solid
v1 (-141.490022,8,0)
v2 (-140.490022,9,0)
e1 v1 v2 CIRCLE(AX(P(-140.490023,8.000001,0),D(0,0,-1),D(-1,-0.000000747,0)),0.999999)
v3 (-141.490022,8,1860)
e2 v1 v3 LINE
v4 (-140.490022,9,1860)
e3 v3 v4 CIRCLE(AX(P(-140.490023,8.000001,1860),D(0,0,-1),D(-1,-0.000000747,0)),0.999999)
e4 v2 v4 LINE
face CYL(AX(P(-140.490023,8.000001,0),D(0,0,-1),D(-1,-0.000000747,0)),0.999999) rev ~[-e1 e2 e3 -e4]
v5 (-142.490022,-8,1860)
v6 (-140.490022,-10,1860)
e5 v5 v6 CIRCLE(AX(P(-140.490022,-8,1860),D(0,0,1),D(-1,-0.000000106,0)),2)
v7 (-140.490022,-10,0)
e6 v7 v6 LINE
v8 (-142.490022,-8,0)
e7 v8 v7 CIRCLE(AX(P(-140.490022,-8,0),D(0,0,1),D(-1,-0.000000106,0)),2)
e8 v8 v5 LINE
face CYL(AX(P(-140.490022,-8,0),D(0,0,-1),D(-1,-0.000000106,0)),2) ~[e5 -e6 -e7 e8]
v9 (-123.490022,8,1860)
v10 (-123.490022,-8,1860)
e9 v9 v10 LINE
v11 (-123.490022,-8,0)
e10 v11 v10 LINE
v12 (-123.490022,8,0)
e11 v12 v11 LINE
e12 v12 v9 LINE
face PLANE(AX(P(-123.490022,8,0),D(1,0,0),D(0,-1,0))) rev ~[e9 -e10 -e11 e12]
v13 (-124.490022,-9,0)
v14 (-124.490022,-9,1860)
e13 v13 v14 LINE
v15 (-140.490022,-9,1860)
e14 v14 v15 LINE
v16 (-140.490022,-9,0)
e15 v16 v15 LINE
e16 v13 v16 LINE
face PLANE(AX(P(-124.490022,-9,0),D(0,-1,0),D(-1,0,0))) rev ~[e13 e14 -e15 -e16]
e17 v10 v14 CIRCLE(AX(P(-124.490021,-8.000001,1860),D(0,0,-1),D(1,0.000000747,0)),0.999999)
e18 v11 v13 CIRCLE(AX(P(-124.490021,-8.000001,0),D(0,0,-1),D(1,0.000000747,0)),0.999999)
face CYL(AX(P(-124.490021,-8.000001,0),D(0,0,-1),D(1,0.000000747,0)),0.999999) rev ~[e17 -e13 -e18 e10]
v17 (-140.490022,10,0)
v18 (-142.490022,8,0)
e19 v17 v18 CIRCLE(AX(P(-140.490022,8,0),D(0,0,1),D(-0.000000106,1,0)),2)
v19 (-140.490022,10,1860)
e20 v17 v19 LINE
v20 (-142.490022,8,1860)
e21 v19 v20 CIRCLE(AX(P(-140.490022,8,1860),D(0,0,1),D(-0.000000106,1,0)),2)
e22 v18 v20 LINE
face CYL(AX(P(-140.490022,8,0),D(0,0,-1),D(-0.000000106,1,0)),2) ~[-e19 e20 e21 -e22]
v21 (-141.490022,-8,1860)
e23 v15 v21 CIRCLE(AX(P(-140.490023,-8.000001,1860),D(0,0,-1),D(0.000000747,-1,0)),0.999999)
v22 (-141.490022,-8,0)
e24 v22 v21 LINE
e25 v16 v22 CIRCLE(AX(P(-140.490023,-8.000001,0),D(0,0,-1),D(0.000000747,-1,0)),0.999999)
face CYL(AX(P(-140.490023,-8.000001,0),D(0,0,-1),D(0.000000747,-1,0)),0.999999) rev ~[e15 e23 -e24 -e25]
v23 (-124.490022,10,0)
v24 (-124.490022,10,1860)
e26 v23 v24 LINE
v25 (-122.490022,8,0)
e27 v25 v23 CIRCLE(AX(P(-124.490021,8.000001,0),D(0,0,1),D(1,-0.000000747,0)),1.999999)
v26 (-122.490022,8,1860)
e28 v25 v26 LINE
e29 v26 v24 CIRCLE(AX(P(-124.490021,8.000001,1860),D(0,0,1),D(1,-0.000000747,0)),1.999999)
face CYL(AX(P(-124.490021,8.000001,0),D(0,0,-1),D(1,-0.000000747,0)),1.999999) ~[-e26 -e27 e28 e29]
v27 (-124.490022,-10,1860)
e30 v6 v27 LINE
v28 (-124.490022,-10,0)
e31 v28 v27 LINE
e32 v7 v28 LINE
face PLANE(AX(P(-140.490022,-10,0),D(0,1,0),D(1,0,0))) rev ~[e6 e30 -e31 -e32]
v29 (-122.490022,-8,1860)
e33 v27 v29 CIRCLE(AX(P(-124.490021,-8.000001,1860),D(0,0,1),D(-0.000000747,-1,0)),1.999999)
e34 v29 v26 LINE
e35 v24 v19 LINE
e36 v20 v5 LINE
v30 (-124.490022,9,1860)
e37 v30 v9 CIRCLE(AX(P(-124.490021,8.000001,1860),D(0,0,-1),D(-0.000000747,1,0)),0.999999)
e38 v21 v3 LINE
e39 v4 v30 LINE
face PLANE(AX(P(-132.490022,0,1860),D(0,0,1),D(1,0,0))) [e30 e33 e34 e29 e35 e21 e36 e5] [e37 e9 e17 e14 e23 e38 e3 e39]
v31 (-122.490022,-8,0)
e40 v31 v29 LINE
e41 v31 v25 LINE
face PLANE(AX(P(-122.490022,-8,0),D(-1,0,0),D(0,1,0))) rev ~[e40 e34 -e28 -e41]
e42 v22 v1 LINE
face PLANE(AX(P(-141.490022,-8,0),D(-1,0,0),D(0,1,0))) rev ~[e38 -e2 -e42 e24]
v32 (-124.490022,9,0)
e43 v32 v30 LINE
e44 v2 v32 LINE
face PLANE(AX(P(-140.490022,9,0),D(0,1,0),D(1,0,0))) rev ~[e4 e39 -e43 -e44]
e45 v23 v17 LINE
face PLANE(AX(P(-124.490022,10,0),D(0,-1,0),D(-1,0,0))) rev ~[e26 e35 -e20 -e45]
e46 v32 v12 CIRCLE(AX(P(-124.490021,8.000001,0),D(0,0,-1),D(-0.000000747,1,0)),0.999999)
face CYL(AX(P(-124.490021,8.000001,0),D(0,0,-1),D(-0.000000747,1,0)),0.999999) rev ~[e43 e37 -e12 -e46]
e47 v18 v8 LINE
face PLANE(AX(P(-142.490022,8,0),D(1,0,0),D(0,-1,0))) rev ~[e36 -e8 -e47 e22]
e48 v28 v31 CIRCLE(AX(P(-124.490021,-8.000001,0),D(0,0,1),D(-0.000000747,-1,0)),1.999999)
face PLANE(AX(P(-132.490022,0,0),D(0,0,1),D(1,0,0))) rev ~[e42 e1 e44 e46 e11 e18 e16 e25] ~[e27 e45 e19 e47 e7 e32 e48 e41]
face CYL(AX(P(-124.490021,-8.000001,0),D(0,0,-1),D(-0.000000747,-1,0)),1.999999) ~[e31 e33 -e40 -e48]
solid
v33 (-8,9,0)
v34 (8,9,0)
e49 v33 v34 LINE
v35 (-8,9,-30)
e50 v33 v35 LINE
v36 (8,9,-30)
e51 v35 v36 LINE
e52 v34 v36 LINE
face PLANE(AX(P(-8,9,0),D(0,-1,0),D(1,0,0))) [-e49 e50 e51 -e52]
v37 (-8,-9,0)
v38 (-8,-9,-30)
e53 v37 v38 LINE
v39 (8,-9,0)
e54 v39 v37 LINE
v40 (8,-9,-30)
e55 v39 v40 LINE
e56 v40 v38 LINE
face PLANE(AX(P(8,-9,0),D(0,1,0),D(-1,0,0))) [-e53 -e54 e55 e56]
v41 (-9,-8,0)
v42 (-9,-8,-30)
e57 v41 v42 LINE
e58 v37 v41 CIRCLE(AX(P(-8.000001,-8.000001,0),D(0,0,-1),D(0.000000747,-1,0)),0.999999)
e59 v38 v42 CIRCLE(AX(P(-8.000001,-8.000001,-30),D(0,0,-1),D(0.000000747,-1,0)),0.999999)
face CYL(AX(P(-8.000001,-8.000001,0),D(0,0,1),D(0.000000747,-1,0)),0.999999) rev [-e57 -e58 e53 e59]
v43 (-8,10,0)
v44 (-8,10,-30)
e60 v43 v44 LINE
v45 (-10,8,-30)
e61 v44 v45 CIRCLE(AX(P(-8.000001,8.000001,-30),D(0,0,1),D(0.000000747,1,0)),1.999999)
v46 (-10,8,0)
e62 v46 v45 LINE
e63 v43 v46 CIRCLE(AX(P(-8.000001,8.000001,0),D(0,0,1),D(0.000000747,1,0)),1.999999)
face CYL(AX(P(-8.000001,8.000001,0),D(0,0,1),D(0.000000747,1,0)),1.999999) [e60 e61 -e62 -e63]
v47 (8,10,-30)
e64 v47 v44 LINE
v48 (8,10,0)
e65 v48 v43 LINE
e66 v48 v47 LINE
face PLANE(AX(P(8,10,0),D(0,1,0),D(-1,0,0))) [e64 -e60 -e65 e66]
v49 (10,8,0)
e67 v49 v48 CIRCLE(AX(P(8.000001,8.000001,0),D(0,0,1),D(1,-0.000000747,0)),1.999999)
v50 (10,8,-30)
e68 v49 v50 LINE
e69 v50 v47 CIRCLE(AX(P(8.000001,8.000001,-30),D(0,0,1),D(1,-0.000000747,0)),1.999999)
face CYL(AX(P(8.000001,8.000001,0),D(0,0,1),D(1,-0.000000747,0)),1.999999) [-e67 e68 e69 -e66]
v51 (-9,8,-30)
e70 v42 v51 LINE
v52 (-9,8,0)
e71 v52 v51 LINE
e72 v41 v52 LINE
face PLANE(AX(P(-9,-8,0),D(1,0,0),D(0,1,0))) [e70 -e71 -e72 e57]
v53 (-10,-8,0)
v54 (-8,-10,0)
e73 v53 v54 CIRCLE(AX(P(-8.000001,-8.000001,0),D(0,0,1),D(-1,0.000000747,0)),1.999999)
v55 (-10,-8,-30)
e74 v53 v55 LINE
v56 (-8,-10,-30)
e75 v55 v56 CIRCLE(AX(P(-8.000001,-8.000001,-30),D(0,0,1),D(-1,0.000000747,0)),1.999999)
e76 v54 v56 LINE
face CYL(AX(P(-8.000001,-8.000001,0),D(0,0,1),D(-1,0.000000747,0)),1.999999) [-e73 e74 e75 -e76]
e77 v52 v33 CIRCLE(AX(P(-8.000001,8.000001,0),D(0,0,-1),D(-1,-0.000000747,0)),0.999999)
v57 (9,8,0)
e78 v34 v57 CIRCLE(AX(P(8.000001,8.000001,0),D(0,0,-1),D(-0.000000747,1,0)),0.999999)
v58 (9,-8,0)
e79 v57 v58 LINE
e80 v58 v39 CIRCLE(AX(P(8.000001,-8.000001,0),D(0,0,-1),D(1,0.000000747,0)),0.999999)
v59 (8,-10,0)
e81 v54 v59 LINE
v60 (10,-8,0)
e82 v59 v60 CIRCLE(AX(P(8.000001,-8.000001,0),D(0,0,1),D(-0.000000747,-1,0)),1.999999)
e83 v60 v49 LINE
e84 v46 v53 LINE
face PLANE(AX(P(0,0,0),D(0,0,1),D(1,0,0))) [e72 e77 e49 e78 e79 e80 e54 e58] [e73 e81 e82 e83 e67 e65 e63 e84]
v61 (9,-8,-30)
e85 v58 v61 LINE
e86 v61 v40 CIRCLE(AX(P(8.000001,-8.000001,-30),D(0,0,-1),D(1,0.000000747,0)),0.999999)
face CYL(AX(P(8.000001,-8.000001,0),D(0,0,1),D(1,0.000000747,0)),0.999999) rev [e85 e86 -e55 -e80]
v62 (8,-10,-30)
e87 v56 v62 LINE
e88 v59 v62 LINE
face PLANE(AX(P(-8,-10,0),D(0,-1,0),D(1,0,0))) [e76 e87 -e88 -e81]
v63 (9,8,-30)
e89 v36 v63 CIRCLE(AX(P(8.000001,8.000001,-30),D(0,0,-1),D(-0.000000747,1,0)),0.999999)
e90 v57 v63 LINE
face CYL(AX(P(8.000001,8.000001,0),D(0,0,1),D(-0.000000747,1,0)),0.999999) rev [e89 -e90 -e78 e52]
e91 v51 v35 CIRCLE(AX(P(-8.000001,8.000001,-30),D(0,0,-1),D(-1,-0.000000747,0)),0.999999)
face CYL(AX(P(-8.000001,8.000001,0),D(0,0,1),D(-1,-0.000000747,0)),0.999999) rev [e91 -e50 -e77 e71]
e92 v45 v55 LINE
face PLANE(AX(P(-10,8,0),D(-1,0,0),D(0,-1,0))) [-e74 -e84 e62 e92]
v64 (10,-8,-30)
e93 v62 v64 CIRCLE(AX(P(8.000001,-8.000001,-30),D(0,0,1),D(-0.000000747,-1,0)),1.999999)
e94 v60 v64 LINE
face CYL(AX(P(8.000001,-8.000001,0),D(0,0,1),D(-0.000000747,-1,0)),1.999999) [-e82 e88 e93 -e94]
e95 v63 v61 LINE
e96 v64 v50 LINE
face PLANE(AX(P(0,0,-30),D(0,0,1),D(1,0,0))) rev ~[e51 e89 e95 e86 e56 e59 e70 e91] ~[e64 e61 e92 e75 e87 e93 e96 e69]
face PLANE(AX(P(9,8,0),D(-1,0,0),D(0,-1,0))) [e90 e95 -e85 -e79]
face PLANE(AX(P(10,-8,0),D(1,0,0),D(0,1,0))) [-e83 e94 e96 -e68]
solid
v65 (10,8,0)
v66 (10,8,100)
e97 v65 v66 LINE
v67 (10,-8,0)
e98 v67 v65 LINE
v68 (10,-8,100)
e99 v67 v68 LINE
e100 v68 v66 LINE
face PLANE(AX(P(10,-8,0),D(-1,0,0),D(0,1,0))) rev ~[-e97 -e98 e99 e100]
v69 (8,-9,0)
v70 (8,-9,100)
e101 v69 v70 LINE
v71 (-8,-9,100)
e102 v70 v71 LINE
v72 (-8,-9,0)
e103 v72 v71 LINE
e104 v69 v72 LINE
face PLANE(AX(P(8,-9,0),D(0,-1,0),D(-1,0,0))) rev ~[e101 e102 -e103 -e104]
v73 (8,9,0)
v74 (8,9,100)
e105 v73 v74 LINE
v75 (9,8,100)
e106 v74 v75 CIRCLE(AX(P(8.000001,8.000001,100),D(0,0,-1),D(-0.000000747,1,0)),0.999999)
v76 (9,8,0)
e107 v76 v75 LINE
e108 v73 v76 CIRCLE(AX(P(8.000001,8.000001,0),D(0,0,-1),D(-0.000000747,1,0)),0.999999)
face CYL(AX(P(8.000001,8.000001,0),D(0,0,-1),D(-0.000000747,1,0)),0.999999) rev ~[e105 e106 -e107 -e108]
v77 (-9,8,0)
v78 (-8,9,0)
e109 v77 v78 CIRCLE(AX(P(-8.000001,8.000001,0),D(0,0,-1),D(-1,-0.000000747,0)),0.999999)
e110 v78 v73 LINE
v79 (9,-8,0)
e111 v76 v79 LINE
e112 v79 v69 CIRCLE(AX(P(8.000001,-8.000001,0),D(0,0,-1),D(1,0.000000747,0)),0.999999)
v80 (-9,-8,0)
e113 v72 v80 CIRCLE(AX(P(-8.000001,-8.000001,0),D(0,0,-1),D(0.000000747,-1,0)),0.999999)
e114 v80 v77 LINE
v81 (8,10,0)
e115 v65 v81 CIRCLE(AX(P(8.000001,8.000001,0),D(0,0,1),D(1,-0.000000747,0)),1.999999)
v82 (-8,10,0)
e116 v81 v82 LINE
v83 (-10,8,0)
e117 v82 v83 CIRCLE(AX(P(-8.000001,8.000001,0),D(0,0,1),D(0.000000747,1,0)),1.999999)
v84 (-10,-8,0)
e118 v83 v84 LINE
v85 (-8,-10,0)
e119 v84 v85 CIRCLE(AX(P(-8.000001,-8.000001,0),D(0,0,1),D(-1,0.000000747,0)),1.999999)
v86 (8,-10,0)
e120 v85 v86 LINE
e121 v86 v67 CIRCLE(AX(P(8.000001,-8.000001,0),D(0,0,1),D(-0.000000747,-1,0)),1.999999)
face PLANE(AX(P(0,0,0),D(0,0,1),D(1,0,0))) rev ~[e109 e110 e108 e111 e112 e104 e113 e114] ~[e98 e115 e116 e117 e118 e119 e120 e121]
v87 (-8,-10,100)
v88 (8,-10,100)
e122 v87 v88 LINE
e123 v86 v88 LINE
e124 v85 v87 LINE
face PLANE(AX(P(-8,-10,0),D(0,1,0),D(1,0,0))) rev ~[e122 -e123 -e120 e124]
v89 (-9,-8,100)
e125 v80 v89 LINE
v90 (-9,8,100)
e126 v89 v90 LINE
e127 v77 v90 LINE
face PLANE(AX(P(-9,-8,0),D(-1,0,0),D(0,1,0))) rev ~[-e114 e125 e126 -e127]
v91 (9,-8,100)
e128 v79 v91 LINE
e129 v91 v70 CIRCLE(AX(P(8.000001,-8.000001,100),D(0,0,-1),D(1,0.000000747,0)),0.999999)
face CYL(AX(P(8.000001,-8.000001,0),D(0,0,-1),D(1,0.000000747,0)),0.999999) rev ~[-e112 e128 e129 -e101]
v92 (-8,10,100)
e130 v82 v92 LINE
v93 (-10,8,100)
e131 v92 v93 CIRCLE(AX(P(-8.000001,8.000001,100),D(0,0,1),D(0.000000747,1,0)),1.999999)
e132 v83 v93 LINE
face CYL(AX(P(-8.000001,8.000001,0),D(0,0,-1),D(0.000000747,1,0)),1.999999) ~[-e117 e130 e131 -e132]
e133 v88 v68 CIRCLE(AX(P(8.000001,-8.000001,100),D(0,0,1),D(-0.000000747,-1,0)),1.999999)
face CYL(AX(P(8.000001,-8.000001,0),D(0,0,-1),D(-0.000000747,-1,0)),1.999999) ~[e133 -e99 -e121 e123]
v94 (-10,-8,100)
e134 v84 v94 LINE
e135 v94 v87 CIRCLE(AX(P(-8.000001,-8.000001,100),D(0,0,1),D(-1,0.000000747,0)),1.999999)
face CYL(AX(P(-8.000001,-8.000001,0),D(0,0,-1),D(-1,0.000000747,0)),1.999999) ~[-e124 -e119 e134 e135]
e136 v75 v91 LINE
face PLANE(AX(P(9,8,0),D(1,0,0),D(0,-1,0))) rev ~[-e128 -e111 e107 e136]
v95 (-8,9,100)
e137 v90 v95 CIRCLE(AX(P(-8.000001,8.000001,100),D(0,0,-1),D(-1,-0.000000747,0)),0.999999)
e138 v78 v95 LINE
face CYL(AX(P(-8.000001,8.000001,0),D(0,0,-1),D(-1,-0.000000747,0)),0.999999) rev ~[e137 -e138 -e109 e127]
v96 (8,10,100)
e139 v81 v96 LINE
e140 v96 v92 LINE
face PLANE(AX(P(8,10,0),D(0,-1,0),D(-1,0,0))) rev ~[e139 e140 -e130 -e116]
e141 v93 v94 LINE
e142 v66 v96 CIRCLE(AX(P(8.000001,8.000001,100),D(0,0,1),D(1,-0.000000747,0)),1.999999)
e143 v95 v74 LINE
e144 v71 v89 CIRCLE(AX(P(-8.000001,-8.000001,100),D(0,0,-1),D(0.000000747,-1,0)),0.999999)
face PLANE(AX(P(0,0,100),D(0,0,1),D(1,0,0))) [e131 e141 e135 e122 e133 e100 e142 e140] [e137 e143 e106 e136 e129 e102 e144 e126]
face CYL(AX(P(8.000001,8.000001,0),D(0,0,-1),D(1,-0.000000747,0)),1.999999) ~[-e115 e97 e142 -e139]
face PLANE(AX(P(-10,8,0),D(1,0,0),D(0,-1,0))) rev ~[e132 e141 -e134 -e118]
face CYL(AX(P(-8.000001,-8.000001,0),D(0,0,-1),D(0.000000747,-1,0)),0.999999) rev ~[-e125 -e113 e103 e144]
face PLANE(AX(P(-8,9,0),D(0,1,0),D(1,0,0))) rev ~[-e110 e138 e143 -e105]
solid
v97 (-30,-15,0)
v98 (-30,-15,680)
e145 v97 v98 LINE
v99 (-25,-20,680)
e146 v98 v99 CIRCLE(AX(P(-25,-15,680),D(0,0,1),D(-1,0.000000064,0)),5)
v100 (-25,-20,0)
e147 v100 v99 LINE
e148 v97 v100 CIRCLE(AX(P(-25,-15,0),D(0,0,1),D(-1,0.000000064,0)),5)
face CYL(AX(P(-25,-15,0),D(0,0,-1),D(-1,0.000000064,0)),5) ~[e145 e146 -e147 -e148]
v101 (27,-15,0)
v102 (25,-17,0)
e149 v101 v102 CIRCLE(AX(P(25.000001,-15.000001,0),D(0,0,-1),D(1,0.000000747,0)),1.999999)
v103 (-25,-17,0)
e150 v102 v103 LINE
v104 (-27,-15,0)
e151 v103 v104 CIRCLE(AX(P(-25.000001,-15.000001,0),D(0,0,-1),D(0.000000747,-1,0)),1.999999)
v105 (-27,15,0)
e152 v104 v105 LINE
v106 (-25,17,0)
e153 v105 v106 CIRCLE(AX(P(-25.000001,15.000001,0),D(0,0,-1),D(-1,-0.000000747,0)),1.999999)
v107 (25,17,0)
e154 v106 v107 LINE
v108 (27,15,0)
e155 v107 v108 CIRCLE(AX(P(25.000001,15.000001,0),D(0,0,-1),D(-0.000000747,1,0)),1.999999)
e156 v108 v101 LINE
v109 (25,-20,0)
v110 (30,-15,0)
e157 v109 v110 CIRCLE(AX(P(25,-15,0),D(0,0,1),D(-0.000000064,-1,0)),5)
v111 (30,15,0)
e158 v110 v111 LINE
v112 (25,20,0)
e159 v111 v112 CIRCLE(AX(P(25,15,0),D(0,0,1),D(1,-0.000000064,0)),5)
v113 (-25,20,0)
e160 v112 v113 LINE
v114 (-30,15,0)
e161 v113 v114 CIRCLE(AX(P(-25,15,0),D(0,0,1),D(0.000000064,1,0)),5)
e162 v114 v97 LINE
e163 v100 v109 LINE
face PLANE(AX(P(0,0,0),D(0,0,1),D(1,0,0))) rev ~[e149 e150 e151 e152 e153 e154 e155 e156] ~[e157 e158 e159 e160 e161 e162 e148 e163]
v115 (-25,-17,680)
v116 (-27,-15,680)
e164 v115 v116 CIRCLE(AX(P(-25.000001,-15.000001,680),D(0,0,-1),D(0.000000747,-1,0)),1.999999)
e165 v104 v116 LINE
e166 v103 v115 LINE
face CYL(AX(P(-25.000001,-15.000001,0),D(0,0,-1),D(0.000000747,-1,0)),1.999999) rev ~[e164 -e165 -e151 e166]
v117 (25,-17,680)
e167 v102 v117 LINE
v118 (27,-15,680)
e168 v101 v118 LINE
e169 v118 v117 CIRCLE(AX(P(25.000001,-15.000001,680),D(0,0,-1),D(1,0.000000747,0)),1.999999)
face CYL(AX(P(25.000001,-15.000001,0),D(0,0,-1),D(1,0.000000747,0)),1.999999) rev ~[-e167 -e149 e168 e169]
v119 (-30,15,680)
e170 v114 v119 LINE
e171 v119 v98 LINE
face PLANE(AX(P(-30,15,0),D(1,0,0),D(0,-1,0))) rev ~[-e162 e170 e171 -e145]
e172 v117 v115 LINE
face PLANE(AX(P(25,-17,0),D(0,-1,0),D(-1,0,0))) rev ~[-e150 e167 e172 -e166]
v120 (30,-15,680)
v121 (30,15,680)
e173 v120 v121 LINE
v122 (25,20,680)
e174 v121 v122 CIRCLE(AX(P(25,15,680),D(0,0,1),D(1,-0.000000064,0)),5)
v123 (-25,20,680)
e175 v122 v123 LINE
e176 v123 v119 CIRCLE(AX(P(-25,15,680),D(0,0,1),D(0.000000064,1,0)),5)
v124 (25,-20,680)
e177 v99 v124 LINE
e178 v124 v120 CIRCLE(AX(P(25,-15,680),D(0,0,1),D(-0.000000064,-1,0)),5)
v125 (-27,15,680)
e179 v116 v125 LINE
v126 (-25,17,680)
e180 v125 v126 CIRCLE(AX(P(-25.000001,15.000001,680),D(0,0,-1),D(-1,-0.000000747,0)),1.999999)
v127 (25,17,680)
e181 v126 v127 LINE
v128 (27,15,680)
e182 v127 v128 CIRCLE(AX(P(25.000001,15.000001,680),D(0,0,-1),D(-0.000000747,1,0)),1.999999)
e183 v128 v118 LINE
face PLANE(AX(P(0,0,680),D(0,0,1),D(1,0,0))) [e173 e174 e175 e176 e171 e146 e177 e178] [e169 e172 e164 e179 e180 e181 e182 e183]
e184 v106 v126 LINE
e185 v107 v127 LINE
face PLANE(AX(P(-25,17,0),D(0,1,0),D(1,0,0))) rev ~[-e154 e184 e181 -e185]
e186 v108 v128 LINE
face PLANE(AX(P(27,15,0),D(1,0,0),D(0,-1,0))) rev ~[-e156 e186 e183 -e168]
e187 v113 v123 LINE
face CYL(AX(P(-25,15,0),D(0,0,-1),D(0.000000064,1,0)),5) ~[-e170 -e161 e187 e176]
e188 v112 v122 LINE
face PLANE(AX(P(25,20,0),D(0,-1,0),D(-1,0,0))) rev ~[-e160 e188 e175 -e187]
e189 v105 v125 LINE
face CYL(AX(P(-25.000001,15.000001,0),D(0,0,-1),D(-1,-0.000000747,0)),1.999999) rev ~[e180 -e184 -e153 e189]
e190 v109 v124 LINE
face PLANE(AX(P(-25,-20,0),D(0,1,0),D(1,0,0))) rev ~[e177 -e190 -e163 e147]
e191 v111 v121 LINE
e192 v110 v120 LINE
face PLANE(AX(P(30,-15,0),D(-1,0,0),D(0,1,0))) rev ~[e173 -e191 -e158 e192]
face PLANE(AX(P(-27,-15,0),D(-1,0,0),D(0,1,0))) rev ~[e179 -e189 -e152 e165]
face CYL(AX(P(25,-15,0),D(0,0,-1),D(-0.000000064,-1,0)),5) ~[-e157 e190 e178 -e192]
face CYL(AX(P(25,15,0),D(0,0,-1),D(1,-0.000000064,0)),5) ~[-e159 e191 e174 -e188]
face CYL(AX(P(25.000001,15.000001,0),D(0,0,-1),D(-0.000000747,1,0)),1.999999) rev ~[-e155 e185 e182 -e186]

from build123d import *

# Parameters (mm, degrees)
F1_DEPTH = 680
F3_DEPTH = 1860
F5_DEPTH = 100
F7_DEPTH = 30


with BuildPart() as f1:
    # F0 (on Top) → F1 (new body)
    with BuildSketch(Plane.XY):
        with BuildLine():
            ThreePointArc((30, 15), (28.535534, 18.535534), (25, 20))
            Line((25, 20), (-25, 20))
            ThreePointArc((-25, 20), (-28.535534, 18.535534), (-30, 15))
            Line((-30, 15), (-30, -15))
            ThreePointArc((-30, -15), (-28.535534, -18.535534), (-25, -20))
            Line((-25, -20), (25, -20))
            ThreePointArc((25, -20), (28.535534, -18.535534), (30, -15))
            Line((30, -15), (30, 15))
        make_face()
        with BuildLine():
            Line((-25, 17), (25, 17))
            ThreePointArc((25, 17), (26.414214, 16.414214), (27, 15))
            Line((27, 15), (27, -15))
            ThreePointArc((27, -15), (26.414214, -16.414214), (25, -17))
            Line((25, -17), (-25, -17))
            ThreePointArc((-25, -17), (-26.414214, -16.414214), (-27, -15))
            Line((-27, -15), (-27, 15))
            ThreePointArc((-27, 15), (-26.414214, 16.414214), (-25, 17))
        make_face(mode=Mode.SUBTRACT)
    extrude(amount=F1_DEPTH)


with BuildPart() as f3:
    # F2 (on Top) → F3 (new body)
    with BuildSketch(Plane.XY):
        with BuildLine():
            ThreePointArc((-122.490022, 8), (-123.075808, 9.414214), (-124.490022, 10))
            Line((-124.490022, 10), (-140.490022, 10))
            ThreePointArc((-140.490022, 10), (-141.904235, 9.414214), (-142.490022, 8))
            Line((-142.490022, 8), (-142.490022, -8))
            ThreePointArc((-142.490022, -8), (-141.904235, -9.414214), (-140.490022, -10))
            Line((-140.490022, -10), (-124.490022, -10))
            ThreePointArc((-124.490022, -10), (-123.075808, -9.414214), (-122.490022, -8))
            Line((-122.490022, -8), (-122.490022, 8))
        make_face()
        with BuildLine():
            Line((-140.490022, 9), (-124.490022, 9))
            ThreePointArc((-124.490022, 9), (-123.782915, 8.707107), (-123.490022, 8))
            Line((-123.490022, 8), (-123.490022, -8))
            ThreePointArc((-123.490022, -8), (-123.782915, -8.707107), (-124.490022, -9))
            Line((-124.490022, -9), (-140.490022, -9))
            ThreePointArc((-140.490022, -9), (-141.197129, -8.707107), (-141.490022, -8))
            Line((-141.490022, -8), (-141.490022, 8))
            ThreePointArc((-141.490022, 8), (-141.197129, 8.707107), (-140.490022, 9))
        make_face(mode=Mode.SUBTRACT)
    extrude(amount=F3_DEPTH)


with BuildPart() as f5:
    # F4 (on Top) → F5 (new body)
    with BuildSketch(Plane.XY):
        with BuildLine():
            ThreePointArc((10, 8), (9.414214, 9.414214), (8, 10))
            Line((8, 10), (-8, 10))
            ThreePointArc((-8, 10), (-9.414214, 9.414214), (-10, 8))
            Line((-10, 8), (-10, -8))
            ThreePointArc((-10, -8), (-9.414214, -9.414214), (-8, -10))
            Line((-8, -10), (8, -10))
            ThreePointArc((8, -10), (9.414214, -9.414214), (10, -8))
            Line((10, -8), (10, 8))
        make_face()
        with BuildLine():
            Line((-8, 9), (8, 9))
            ThreePointArc((8, 9), (8.707107, 8.707107), (9, 8))
            Line((9, 8), (9, -8))
            ThreePointArc((9, -8), (8.707107, -8.707107), (8, -9))
            Line((8, -9), (-8, -9))
            ThreePointArc((-8, -9), (-8.707107, -8.707107), (-9, -8))
            Line((-9, -8), (-9, 8))
            ThreePointArc((-9, 8), (-8.707107, 8.707107), (-8, 9))
        make_face(mode=Mode.SUBTRACT)
    extrude(amount=F5_DEPTH)


with BuildPart() as f7:
    # F6 (on Top) → F7 (new body)
    with BuildSketch(Plane.XY):
        with BuildLine():
            Line((-8, -10), (8, -10))
            ThreePointArc((8, -10), (9.414214, -9.414214), (10, -8))
            Line((10, -8), (10, 8))
            ThreePointArc((10, 8), (9.414214, 9.414214), (8, 10))
            Line((8, 10), (-8, 10))
            ThreePointArc((-8, 10), (-9.414214, 9.414214), (-10, 8))
            Line((-10, 8), (-10, -8))
            ThreePointArc((-10, -8), (-9.414214, -9.414214), (-8, -10))
        make_face()
        with BuildLine():
            Line((-9, -8), (-9, 8))
            ThreePointArc((-9, 8), (-8.707107, 8.707107), (-8, 9))
            Line((-8, 9), (8, 9))
            ThreePointArc((8, 9), (8.707107, 8.707107), (9, 8))
            Line((9, 8), (9, -8))
            ThreePointArc((9, -8), (8.707107, -8.707107), (8, -9))
            Line((8, -9), (-8, -9))
            ThreePointArc((-8, -9), (-8.707107, -8.707107), (-9, -8))
        make_face(mode=Mode.SUBTRACT)
    extrude(amount=-F7_DEPTH)


solid = Compound([f1.part, f3.part, f5.part, f7.part])
